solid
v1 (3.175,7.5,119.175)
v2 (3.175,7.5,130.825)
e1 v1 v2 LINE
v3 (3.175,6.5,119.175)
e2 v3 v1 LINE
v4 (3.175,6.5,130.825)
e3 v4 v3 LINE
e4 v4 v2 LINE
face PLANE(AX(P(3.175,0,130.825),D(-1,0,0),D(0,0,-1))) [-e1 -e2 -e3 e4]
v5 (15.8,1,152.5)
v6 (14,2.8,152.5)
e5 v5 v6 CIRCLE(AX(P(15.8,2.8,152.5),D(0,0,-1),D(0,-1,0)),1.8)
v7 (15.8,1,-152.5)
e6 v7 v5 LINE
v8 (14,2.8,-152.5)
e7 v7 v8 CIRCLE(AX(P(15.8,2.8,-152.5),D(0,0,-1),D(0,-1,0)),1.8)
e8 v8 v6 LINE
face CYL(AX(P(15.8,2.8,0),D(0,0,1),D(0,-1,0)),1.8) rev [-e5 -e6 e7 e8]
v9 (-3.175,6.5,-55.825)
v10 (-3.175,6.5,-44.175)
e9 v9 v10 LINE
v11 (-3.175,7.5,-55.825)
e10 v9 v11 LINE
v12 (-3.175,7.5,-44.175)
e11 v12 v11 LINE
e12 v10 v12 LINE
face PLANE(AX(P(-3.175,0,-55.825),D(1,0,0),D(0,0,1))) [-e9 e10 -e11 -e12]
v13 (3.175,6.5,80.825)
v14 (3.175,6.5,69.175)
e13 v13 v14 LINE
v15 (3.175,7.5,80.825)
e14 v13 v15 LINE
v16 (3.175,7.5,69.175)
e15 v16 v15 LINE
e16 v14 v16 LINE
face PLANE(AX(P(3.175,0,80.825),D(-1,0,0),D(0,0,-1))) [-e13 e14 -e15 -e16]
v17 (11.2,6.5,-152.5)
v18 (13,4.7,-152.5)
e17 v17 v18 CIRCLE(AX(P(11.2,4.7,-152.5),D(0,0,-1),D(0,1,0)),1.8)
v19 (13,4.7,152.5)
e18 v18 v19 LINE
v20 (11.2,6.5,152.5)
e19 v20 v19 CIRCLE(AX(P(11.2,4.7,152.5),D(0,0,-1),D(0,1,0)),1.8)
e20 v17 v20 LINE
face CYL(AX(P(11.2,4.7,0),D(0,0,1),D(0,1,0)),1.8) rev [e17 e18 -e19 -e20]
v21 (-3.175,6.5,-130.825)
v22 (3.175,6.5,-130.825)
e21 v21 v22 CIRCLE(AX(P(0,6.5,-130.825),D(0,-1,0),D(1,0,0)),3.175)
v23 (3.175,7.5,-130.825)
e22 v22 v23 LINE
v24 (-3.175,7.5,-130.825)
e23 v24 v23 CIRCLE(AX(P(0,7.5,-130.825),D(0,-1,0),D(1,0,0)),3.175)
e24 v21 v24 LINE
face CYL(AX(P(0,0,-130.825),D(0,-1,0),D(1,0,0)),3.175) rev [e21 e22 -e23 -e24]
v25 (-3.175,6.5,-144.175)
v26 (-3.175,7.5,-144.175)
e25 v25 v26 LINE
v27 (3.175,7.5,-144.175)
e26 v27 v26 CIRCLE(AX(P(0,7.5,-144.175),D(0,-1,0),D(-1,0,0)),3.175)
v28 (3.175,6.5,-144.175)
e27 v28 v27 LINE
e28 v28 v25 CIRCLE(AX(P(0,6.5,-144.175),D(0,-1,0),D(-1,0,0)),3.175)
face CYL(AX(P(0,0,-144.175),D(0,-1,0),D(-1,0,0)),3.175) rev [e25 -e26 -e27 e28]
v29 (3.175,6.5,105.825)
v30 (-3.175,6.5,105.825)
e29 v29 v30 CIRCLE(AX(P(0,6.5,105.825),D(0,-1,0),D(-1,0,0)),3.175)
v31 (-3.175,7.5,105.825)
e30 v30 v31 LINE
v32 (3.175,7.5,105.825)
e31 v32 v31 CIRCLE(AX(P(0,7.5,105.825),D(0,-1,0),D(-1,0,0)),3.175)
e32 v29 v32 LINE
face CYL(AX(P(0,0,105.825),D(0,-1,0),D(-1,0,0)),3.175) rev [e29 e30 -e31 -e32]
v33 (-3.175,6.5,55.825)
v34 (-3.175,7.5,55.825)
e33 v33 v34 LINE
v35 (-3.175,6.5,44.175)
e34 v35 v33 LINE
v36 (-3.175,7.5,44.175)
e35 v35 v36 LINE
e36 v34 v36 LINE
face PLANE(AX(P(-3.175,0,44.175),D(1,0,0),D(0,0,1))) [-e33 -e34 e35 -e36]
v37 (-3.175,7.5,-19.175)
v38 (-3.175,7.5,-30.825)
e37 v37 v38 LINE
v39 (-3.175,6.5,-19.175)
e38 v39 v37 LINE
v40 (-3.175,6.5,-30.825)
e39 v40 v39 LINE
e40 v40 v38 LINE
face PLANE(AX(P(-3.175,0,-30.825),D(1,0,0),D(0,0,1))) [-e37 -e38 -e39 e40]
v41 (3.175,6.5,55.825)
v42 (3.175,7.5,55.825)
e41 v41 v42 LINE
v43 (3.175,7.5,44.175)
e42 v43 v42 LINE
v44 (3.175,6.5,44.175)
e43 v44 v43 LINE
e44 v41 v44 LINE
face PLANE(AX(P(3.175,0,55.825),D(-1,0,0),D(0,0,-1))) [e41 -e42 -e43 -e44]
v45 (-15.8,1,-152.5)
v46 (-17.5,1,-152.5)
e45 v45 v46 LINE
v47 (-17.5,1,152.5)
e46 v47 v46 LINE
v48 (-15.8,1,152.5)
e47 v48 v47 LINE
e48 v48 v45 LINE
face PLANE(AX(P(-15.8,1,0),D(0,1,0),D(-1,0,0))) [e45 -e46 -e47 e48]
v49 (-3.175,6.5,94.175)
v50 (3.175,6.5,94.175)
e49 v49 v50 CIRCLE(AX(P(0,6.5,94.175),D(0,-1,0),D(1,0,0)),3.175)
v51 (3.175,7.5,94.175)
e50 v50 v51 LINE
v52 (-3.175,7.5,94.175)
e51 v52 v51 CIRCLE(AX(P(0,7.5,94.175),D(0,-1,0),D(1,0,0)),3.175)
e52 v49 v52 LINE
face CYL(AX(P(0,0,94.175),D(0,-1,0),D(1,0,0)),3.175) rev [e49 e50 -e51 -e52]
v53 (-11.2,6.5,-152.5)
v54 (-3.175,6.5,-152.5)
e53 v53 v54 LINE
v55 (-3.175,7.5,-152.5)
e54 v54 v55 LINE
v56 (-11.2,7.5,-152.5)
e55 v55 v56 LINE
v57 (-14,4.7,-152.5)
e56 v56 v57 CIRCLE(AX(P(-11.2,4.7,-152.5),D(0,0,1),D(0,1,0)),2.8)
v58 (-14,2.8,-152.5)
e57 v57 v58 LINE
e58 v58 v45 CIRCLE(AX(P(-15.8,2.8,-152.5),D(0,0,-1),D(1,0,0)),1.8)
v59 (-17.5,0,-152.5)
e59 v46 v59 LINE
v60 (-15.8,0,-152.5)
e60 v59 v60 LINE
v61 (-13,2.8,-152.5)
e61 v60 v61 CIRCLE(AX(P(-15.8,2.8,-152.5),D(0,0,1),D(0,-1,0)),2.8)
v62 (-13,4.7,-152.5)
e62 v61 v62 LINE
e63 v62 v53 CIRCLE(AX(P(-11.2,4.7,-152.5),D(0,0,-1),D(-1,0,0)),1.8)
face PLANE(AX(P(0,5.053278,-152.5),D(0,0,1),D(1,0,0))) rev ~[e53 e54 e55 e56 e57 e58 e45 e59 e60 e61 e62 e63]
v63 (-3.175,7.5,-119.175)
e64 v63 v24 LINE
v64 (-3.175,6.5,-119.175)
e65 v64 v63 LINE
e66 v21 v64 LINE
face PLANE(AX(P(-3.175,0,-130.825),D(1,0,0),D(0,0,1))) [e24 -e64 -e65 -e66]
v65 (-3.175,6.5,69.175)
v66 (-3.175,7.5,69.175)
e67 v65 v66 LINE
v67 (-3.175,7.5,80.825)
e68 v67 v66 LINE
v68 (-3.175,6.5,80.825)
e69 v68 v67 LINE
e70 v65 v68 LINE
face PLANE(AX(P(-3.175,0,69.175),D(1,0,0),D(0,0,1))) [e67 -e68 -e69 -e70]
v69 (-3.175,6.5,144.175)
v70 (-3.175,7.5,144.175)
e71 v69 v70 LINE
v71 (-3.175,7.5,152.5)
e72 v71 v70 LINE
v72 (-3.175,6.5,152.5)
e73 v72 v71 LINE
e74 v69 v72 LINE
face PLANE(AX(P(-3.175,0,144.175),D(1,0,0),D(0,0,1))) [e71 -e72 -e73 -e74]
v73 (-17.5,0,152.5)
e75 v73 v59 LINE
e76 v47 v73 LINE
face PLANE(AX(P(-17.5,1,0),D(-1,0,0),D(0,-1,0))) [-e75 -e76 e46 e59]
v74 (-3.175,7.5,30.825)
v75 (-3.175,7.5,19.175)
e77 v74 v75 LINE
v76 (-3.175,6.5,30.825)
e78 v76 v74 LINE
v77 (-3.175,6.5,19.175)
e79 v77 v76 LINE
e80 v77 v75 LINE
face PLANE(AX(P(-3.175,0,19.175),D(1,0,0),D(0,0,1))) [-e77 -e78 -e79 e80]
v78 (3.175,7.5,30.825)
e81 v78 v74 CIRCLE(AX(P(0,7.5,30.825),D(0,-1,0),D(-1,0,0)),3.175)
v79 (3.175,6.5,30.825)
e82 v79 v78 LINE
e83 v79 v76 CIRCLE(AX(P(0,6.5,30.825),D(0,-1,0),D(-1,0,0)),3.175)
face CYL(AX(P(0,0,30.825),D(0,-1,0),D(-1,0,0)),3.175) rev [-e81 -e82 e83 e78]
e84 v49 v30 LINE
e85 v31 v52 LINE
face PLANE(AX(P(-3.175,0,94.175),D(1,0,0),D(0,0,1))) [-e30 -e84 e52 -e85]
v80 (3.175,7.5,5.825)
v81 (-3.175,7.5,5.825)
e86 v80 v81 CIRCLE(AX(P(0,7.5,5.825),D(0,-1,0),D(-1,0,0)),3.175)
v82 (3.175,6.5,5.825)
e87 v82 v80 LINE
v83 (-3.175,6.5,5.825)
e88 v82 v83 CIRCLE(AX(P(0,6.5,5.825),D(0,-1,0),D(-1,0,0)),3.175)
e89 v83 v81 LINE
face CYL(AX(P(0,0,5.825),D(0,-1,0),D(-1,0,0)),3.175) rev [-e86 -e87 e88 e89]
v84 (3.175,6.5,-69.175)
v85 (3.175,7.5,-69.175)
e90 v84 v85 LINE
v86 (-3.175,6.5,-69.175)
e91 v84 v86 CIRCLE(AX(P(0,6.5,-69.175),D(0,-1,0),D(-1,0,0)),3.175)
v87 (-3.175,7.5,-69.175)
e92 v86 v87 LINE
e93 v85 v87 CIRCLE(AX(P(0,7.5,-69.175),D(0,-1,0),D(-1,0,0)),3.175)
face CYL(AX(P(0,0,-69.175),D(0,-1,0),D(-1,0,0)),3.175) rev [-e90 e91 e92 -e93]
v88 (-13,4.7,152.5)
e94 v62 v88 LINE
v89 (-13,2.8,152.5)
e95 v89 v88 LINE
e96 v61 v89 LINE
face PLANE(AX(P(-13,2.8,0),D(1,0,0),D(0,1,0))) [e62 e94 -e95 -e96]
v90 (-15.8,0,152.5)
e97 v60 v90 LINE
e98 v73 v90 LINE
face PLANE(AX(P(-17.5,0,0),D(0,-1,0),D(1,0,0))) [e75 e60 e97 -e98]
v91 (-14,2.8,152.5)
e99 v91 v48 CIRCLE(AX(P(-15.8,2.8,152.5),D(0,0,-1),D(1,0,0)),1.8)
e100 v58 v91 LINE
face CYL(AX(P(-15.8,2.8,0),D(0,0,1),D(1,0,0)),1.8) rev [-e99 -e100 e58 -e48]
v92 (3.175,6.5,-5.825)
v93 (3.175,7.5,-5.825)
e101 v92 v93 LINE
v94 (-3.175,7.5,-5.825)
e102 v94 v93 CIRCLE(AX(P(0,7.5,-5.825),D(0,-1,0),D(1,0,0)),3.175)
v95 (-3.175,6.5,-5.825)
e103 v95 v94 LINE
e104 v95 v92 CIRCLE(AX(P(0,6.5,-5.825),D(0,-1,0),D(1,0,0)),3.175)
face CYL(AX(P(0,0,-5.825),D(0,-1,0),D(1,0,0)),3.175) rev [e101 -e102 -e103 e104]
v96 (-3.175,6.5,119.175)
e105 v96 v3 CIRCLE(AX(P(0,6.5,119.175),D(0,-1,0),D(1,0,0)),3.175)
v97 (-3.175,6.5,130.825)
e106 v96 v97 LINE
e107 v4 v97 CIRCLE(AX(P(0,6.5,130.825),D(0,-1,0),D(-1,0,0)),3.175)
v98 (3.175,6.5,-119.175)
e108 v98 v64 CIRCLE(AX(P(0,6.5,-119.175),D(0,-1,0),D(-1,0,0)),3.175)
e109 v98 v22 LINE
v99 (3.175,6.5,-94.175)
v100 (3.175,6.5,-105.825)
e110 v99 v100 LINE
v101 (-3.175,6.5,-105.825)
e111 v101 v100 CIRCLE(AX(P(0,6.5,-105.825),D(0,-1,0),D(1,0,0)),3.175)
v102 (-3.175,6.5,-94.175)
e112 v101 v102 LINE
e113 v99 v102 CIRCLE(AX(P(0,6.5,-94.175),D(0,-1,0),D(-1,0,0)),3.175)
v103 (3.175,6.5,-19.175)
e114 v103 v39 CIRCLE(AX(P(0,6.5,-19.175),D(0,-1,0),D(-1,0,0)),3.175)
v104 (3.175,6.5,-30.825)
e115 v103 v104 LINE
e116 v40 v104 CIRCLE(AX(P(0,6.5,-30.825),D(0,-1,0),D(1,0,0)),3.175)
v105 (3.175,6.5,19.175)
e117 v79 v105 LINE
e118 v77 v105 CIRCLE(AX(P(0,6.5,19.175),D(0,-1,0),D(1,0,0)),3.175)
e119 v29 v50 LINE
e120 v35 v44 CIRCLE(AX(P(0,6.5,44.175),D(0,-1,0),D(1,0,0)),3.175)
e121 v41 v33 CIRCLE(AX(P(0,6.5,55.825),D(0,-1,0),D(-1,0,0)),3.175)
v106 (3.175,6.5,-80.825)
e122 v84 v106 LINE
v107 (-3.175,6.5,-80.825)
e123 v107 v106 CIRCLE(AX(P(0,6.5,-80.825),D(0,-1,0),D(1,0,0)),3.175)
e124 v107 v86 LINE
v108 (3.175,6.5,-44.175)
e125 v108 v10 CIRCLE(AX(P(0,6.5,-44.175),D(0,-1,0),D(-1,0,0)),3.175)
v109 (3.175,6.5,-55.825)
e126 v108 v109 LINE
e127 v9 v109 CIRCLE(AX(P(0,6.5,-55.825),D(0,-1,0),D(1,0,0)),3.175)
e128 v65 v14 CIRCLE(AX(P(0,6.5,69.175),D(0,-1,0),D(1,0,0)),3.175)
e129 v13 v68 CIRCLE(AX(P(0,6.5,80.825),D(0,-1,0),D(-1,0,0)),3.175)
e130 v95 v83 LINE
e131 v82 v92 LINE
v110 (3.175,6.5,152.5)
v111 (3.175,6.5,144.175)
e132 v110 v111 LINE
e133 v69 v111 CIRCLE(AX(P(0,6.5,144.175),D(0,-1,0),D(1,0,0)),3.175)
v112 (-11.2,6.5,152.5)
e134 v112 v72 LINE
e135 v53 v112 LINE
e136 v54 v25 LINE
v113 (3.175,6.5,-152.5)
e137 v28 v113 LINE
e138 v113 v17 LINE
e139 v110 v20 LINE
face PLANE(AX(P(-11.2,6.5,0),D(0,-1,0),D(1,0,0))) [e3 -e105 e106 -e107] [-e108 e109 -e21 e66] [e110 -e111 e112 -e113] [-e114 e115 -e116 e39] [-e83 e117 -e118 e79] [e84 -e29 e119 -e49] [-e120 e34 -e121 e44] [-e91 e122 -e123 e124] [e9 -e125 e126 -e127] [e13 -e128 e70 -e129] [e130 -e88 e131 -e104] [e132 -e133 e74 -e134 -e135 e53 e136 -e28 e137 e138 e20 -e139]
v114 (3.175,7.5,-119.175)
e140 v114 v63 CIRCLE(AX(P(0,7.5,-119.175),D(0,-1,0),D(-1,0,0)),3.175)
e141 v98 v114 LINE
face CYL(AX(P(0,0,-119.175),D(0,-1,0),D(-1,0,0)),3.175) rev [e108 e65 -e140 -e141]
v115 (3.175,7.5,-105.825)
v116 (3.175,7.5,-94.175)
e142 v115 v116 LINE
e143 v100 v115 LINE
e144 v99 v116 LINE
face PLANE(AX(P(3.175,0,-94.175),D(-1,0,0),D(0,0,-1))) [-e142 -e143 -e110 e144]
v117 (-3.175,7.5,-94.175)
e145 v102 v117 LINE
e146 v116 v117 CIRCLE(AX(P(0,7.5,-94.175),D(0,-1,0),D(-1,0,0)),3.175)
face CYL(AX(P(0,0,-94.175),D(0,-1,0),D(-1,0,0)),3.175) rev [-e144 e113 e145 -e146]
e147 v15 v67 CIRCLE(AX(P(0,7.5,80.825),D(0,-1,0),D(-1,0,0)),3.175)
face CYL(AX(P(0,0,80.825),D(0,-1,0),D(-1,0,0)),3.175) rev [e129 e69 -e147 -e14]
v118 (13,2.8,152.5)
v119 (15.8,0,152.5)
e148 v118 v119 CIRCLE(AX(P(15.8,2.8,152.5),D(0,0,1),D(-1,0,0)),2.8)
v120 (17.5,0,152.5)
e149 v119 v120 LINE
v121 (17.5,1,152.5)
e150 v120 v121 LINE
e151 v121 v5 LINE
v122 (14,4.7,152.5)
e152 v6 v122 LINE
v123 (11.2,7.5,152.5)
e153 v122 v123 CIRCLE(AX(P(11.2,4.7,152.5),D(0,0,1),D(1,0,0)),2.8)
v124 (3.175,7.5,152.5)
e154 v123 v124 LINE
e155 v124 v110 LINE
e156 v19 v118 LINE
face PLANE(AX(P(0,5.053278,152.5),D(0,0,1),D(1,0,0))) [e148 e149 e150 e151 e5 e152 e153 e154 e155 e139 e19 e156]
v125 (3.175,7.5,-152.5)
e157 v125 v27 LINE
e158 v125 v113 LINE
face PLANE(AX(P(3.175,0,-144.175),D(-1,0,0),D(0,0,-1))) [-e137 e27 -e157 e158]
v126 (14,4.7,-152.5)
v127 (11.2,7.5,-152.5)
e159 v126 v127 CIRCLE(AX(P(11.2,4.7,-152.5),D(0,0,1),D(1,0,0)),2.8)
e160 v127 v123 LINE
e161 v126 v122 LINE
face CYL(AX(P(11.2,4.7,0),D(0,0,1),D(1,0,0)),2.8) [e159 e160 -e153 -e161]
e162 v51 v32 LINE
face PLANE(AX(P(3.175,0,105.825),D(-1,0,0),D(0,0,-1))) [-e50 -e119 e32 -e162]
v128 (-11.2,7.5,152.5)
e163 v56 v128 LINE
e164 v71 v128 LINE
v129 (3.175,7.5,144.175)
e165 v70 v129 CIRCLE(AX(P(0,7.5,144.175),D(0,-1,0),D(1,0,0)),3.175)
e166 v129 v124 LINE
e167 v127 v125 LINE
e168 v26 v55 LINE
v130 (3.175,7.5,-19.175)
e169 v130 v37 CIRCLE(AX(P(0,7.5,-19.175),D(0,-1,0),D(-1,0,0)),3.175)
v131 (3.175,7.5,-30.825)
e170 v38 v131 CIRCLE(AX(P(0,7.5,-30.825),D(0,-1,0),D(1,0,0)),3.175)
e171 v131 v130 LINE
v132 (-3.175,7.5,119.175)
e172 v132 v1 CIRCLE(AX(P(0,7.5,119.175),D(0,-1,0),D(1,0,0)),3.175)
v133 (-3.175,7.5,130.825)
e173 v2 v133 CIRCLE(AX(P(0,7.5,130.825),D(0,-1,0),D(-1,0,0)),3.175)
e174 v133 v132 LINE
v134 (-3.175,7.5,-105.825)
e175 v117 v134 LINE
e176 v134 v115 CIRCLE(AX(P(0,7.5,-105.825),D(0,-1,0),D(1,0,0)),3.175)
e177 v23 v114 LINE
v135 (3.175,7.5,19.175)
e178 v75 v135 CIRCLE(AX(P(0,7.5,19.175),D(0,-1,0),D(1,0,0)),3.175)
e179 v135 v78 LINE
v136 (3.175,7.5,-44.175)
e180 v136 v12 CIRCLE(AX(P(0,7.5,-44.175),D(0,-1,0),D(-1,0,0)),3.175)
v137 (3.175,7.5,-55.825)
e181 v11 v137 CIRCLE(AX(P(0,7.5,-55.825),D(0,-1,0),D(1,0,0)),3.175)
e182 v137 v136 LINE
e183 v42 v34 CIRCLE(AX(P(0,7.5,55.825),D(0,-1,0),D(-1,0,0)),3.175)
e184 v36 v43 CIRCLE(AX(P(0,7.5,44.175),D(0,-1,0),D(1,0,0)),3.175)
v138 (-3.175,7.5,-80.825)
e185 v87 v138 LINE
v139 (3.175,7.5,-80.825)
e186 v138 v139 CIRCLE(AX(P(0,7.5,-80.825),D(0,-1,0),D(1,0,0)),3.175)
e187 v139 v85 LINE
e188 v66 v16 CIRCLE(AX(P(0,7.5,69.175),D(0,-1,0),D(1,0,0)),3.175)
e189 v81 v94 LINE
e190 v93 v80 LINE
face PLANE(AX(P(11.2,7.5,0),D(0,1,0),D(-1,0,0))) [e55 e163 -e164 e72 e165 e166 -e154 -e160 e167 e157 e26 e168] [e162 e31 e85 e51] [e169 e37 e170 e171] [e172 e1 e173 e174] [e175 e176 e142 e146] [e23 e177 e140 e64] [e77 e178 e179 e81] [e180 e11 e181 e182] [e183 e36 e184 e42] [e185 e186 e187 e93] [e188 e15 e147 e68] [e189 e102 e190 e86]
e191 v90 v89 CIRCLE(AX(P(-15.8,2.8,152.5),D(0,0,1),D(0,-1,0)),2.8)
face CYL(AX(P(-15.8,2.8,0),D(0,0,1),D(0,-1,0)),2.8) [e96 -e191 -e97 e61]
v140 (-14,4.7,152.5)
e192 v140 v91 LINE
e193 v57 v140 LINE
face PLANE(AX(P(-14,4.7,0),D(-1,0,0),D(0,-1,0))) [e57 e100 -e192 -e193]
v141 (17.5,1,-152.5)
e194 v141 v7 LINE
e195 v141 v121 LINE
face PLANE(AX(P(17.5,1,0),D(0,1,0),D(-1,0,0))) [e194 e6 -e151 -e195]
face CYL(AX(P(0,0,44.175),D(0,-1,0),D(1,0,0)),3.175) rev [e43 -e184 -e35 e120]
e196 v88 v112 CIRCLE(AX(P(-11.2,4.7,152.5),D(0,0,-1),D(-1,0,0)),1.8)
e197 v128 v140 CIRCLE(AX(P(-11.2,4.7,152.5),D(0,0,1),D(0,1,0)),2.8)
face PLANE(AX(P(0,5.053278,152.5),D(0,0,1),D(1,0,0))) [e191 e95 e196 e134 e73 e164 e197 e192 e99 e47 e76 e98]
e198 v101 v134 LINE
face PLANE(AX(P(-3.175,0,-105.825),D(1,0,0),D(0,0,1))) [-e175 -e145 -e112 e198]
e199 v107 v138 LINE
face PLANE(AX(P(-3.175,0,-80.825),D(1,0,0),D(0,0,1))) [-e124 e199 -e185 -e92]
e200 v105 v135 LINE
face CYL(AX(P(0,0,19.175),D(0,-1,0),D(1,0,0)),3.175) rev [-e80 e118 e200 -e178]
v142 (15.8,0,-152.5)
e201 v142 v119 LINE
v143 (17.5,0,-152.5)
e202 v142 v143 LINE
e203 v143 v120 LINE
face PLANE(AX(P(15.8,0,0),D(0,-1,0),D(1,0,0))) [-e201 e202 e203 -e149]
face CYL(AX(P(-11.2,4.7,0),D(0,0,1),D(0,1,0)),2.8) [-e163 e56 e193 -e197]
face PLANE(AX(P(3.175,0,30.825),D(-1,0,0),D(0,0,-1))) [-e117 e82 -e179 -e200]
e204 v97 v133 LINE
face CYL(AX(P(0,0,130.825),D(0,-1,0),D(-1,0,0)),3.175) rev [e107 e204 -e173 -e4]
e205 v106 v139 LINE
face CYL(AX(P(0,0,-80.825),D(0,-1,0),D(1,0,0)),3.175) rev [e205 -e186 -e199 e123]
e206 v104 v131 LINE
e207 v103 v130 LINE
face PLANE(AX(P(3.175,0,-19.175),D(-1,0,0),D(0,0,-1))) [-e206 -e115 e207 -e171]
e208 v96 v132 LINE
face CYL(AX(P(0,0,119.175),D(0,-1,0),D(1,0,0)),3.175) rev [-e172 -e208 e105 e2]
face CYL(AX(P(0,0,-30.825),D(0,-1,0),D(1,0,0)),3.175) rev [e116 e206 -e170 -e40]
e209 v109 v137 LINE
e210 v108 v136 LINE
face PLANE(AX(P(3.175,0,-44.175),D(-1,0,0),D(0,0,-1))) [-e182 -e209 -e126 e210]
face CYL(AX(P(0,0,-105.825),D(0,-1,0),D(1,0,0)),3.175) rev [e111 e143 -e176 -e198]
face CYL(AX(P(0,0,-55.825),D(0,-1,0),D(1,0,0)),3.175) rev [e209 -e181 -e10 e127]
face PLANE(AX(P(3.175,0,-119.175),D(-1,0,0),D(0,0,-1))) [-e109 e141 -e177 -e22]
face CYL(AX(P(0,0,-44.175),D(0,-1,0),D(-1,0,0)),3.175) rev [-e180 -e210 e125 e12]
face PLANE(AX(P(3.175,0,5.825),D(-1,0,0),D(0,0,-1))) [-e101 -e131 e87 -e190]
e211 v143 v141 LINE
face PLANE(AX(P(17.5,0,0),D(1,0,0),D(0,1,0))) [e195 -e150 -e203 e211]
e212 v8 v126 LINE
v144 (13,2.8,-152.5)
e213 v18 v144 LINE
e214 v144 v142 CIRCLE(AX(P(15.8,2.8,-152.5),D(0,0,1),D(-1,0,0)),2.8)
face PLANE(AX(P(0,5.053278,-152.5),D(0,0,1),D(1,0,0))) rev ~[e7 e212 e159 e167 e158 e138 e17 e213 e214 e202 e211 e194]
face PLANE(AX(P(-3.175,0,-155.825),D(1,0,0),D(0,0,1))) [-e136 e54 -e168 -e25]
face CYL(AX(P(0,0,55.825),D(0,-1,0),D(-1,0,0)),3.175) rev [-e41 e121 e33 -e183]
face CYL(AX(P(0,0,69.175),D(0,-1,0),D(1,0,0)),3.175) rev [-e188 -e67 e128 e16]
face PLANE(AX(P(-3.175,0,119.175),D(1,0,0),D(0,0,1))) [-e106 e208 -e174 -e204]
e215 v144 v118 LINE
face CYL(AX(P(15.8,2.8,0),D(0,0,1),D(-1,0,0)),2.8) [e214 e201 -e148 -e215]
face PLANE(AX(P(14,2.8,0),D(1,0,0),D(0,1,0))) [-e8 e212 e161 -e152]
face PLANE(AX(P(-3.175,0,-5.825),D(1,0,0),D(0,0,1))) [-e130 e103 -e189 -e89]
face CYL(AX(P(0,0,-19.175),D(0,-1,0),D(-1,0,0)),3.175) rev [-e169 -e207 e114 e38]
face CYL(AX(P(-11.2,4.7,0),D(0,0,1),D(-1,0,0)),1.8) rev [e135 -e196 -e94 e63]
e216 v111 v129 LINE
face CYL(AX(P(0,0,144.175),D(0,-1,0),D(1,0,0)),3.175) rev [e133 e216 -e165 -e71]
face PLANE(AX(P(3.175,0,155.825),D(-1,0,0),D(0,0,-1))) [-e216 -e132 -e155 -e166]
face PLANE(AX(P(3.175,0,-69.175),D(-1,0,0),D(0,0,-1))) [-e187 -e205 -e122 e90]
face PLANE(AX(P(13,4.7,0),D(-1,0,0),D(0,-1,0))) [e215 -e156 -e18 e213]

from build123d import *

# Parameters (mm, degrees)
EXTRUDE_MAIN_DEPTH     = 152.5
SLOT_CUT_DEPTH         = 8.5
SLOT_PATTERN_COUNT     = 7
SLOT_PATTERN_PITCH     = 25
SLOT_PATTERN_COL_COUNT = 7
SLOT_PATTERN_COL_PITCH = 25


with BuildPart() as part:
    # Sketch1 → Extrude_main (new body, symmetric)
    with BuildSketch(Plane.XY):
        with BuildLine():
            Line((-17.5, 0), (-15.8, 0))
            ThreePointArc((-15.8, 0), (-13.820101013, 0.820101013), (-13, 2.8))
            Line((-13, 2.8), (-13, 4.7))
            ThreePointArc((-13, 4.7), (-12.472792206, 5.972792206), (-11.2, 6.5))
            Line((-11.2, 6.5), (11.2, 6.5))
            ThreePointArc((11.2, 6.5), (12.472792206, 5.972792206), (13, 4.7))
            Line((13, 4.7), (13, 2.8))
            ThreePointArc((13, 2.8), (13.820101013, 0.820101013), (15.8, 0))
            Line((15.8, 0), (17.5, 0))
            Line((17.5, 0), (17.5, 1))
            Line((17.5, 1), (15.8, 1))
            ThreePointArc((15.8, 1), (14.527207794, 1.527207794), (14, 2.8))
            Line((14, 2.8), (14, 4.7))
            ThreePointArc((14, 4.7), (13.179898987, 6.679898987), (11.2, 7.5))
            Line((11.2, 7.5), (-11.2, 7.5))
            ThreePointArc((-11.2, 7.5), (-13.179898987, 6.679898987), (-14, 4.7))
            Line((-14, 4.7), (-14, 2.8))
            ThreePointArc((-14, 2.8), (-14.527207794, 1.527207794), (-15.8, 1))
            Line((-15.8, 1), (-17.5, 1))
            Line((-17.5, 1), (-17.5, 0))
        make_face()
    extrude(amount=EXTRUDE_MAIN_DEPTH, both=True)

    # Sketch2 → slot_cut (cut, through all)
    with BuildSketch(Plane(origin=(0, 0, 0), x_dir=(1, 0, 0), z_dir=(0, 1, 0))):
        with BuildLine():
            Line((-3.175, 5.825), (-3.175, -5.825))
            ThreePointArc((-3.175, -5.825), (0, -9), (3.175, -5.825))
            Line((3.175, -5.825), (3.175, 5.825))
            ThreePointArc((3.175, 5.825), (0, 9), (-3.175, 5.825))
        make_face()
    slot_cut = extrude(amount=SLOT_CUT_DEPTH, mode=Mode.SUBTRACT)

    # slot_pattern: slot_cut ×7
    with Locations(*[(0, 0, i * SLOT_PATTERN_PITCH) for i in range(1, SLOT_PATTERN_COUNT)]):
        add(slot_cut, mode=Mode.SUBTRACT)

    # slot_pattern col: slot_cut ×7
    with Locations(*[(0, 0, -i * SLOT_PATTERN_COL_PITCH) for i in range(1, SLOT_PATTERN_COL_COUNT)]):
        add(slot_cut, mode=Mode.SUBTRACT)


solid = part.part
